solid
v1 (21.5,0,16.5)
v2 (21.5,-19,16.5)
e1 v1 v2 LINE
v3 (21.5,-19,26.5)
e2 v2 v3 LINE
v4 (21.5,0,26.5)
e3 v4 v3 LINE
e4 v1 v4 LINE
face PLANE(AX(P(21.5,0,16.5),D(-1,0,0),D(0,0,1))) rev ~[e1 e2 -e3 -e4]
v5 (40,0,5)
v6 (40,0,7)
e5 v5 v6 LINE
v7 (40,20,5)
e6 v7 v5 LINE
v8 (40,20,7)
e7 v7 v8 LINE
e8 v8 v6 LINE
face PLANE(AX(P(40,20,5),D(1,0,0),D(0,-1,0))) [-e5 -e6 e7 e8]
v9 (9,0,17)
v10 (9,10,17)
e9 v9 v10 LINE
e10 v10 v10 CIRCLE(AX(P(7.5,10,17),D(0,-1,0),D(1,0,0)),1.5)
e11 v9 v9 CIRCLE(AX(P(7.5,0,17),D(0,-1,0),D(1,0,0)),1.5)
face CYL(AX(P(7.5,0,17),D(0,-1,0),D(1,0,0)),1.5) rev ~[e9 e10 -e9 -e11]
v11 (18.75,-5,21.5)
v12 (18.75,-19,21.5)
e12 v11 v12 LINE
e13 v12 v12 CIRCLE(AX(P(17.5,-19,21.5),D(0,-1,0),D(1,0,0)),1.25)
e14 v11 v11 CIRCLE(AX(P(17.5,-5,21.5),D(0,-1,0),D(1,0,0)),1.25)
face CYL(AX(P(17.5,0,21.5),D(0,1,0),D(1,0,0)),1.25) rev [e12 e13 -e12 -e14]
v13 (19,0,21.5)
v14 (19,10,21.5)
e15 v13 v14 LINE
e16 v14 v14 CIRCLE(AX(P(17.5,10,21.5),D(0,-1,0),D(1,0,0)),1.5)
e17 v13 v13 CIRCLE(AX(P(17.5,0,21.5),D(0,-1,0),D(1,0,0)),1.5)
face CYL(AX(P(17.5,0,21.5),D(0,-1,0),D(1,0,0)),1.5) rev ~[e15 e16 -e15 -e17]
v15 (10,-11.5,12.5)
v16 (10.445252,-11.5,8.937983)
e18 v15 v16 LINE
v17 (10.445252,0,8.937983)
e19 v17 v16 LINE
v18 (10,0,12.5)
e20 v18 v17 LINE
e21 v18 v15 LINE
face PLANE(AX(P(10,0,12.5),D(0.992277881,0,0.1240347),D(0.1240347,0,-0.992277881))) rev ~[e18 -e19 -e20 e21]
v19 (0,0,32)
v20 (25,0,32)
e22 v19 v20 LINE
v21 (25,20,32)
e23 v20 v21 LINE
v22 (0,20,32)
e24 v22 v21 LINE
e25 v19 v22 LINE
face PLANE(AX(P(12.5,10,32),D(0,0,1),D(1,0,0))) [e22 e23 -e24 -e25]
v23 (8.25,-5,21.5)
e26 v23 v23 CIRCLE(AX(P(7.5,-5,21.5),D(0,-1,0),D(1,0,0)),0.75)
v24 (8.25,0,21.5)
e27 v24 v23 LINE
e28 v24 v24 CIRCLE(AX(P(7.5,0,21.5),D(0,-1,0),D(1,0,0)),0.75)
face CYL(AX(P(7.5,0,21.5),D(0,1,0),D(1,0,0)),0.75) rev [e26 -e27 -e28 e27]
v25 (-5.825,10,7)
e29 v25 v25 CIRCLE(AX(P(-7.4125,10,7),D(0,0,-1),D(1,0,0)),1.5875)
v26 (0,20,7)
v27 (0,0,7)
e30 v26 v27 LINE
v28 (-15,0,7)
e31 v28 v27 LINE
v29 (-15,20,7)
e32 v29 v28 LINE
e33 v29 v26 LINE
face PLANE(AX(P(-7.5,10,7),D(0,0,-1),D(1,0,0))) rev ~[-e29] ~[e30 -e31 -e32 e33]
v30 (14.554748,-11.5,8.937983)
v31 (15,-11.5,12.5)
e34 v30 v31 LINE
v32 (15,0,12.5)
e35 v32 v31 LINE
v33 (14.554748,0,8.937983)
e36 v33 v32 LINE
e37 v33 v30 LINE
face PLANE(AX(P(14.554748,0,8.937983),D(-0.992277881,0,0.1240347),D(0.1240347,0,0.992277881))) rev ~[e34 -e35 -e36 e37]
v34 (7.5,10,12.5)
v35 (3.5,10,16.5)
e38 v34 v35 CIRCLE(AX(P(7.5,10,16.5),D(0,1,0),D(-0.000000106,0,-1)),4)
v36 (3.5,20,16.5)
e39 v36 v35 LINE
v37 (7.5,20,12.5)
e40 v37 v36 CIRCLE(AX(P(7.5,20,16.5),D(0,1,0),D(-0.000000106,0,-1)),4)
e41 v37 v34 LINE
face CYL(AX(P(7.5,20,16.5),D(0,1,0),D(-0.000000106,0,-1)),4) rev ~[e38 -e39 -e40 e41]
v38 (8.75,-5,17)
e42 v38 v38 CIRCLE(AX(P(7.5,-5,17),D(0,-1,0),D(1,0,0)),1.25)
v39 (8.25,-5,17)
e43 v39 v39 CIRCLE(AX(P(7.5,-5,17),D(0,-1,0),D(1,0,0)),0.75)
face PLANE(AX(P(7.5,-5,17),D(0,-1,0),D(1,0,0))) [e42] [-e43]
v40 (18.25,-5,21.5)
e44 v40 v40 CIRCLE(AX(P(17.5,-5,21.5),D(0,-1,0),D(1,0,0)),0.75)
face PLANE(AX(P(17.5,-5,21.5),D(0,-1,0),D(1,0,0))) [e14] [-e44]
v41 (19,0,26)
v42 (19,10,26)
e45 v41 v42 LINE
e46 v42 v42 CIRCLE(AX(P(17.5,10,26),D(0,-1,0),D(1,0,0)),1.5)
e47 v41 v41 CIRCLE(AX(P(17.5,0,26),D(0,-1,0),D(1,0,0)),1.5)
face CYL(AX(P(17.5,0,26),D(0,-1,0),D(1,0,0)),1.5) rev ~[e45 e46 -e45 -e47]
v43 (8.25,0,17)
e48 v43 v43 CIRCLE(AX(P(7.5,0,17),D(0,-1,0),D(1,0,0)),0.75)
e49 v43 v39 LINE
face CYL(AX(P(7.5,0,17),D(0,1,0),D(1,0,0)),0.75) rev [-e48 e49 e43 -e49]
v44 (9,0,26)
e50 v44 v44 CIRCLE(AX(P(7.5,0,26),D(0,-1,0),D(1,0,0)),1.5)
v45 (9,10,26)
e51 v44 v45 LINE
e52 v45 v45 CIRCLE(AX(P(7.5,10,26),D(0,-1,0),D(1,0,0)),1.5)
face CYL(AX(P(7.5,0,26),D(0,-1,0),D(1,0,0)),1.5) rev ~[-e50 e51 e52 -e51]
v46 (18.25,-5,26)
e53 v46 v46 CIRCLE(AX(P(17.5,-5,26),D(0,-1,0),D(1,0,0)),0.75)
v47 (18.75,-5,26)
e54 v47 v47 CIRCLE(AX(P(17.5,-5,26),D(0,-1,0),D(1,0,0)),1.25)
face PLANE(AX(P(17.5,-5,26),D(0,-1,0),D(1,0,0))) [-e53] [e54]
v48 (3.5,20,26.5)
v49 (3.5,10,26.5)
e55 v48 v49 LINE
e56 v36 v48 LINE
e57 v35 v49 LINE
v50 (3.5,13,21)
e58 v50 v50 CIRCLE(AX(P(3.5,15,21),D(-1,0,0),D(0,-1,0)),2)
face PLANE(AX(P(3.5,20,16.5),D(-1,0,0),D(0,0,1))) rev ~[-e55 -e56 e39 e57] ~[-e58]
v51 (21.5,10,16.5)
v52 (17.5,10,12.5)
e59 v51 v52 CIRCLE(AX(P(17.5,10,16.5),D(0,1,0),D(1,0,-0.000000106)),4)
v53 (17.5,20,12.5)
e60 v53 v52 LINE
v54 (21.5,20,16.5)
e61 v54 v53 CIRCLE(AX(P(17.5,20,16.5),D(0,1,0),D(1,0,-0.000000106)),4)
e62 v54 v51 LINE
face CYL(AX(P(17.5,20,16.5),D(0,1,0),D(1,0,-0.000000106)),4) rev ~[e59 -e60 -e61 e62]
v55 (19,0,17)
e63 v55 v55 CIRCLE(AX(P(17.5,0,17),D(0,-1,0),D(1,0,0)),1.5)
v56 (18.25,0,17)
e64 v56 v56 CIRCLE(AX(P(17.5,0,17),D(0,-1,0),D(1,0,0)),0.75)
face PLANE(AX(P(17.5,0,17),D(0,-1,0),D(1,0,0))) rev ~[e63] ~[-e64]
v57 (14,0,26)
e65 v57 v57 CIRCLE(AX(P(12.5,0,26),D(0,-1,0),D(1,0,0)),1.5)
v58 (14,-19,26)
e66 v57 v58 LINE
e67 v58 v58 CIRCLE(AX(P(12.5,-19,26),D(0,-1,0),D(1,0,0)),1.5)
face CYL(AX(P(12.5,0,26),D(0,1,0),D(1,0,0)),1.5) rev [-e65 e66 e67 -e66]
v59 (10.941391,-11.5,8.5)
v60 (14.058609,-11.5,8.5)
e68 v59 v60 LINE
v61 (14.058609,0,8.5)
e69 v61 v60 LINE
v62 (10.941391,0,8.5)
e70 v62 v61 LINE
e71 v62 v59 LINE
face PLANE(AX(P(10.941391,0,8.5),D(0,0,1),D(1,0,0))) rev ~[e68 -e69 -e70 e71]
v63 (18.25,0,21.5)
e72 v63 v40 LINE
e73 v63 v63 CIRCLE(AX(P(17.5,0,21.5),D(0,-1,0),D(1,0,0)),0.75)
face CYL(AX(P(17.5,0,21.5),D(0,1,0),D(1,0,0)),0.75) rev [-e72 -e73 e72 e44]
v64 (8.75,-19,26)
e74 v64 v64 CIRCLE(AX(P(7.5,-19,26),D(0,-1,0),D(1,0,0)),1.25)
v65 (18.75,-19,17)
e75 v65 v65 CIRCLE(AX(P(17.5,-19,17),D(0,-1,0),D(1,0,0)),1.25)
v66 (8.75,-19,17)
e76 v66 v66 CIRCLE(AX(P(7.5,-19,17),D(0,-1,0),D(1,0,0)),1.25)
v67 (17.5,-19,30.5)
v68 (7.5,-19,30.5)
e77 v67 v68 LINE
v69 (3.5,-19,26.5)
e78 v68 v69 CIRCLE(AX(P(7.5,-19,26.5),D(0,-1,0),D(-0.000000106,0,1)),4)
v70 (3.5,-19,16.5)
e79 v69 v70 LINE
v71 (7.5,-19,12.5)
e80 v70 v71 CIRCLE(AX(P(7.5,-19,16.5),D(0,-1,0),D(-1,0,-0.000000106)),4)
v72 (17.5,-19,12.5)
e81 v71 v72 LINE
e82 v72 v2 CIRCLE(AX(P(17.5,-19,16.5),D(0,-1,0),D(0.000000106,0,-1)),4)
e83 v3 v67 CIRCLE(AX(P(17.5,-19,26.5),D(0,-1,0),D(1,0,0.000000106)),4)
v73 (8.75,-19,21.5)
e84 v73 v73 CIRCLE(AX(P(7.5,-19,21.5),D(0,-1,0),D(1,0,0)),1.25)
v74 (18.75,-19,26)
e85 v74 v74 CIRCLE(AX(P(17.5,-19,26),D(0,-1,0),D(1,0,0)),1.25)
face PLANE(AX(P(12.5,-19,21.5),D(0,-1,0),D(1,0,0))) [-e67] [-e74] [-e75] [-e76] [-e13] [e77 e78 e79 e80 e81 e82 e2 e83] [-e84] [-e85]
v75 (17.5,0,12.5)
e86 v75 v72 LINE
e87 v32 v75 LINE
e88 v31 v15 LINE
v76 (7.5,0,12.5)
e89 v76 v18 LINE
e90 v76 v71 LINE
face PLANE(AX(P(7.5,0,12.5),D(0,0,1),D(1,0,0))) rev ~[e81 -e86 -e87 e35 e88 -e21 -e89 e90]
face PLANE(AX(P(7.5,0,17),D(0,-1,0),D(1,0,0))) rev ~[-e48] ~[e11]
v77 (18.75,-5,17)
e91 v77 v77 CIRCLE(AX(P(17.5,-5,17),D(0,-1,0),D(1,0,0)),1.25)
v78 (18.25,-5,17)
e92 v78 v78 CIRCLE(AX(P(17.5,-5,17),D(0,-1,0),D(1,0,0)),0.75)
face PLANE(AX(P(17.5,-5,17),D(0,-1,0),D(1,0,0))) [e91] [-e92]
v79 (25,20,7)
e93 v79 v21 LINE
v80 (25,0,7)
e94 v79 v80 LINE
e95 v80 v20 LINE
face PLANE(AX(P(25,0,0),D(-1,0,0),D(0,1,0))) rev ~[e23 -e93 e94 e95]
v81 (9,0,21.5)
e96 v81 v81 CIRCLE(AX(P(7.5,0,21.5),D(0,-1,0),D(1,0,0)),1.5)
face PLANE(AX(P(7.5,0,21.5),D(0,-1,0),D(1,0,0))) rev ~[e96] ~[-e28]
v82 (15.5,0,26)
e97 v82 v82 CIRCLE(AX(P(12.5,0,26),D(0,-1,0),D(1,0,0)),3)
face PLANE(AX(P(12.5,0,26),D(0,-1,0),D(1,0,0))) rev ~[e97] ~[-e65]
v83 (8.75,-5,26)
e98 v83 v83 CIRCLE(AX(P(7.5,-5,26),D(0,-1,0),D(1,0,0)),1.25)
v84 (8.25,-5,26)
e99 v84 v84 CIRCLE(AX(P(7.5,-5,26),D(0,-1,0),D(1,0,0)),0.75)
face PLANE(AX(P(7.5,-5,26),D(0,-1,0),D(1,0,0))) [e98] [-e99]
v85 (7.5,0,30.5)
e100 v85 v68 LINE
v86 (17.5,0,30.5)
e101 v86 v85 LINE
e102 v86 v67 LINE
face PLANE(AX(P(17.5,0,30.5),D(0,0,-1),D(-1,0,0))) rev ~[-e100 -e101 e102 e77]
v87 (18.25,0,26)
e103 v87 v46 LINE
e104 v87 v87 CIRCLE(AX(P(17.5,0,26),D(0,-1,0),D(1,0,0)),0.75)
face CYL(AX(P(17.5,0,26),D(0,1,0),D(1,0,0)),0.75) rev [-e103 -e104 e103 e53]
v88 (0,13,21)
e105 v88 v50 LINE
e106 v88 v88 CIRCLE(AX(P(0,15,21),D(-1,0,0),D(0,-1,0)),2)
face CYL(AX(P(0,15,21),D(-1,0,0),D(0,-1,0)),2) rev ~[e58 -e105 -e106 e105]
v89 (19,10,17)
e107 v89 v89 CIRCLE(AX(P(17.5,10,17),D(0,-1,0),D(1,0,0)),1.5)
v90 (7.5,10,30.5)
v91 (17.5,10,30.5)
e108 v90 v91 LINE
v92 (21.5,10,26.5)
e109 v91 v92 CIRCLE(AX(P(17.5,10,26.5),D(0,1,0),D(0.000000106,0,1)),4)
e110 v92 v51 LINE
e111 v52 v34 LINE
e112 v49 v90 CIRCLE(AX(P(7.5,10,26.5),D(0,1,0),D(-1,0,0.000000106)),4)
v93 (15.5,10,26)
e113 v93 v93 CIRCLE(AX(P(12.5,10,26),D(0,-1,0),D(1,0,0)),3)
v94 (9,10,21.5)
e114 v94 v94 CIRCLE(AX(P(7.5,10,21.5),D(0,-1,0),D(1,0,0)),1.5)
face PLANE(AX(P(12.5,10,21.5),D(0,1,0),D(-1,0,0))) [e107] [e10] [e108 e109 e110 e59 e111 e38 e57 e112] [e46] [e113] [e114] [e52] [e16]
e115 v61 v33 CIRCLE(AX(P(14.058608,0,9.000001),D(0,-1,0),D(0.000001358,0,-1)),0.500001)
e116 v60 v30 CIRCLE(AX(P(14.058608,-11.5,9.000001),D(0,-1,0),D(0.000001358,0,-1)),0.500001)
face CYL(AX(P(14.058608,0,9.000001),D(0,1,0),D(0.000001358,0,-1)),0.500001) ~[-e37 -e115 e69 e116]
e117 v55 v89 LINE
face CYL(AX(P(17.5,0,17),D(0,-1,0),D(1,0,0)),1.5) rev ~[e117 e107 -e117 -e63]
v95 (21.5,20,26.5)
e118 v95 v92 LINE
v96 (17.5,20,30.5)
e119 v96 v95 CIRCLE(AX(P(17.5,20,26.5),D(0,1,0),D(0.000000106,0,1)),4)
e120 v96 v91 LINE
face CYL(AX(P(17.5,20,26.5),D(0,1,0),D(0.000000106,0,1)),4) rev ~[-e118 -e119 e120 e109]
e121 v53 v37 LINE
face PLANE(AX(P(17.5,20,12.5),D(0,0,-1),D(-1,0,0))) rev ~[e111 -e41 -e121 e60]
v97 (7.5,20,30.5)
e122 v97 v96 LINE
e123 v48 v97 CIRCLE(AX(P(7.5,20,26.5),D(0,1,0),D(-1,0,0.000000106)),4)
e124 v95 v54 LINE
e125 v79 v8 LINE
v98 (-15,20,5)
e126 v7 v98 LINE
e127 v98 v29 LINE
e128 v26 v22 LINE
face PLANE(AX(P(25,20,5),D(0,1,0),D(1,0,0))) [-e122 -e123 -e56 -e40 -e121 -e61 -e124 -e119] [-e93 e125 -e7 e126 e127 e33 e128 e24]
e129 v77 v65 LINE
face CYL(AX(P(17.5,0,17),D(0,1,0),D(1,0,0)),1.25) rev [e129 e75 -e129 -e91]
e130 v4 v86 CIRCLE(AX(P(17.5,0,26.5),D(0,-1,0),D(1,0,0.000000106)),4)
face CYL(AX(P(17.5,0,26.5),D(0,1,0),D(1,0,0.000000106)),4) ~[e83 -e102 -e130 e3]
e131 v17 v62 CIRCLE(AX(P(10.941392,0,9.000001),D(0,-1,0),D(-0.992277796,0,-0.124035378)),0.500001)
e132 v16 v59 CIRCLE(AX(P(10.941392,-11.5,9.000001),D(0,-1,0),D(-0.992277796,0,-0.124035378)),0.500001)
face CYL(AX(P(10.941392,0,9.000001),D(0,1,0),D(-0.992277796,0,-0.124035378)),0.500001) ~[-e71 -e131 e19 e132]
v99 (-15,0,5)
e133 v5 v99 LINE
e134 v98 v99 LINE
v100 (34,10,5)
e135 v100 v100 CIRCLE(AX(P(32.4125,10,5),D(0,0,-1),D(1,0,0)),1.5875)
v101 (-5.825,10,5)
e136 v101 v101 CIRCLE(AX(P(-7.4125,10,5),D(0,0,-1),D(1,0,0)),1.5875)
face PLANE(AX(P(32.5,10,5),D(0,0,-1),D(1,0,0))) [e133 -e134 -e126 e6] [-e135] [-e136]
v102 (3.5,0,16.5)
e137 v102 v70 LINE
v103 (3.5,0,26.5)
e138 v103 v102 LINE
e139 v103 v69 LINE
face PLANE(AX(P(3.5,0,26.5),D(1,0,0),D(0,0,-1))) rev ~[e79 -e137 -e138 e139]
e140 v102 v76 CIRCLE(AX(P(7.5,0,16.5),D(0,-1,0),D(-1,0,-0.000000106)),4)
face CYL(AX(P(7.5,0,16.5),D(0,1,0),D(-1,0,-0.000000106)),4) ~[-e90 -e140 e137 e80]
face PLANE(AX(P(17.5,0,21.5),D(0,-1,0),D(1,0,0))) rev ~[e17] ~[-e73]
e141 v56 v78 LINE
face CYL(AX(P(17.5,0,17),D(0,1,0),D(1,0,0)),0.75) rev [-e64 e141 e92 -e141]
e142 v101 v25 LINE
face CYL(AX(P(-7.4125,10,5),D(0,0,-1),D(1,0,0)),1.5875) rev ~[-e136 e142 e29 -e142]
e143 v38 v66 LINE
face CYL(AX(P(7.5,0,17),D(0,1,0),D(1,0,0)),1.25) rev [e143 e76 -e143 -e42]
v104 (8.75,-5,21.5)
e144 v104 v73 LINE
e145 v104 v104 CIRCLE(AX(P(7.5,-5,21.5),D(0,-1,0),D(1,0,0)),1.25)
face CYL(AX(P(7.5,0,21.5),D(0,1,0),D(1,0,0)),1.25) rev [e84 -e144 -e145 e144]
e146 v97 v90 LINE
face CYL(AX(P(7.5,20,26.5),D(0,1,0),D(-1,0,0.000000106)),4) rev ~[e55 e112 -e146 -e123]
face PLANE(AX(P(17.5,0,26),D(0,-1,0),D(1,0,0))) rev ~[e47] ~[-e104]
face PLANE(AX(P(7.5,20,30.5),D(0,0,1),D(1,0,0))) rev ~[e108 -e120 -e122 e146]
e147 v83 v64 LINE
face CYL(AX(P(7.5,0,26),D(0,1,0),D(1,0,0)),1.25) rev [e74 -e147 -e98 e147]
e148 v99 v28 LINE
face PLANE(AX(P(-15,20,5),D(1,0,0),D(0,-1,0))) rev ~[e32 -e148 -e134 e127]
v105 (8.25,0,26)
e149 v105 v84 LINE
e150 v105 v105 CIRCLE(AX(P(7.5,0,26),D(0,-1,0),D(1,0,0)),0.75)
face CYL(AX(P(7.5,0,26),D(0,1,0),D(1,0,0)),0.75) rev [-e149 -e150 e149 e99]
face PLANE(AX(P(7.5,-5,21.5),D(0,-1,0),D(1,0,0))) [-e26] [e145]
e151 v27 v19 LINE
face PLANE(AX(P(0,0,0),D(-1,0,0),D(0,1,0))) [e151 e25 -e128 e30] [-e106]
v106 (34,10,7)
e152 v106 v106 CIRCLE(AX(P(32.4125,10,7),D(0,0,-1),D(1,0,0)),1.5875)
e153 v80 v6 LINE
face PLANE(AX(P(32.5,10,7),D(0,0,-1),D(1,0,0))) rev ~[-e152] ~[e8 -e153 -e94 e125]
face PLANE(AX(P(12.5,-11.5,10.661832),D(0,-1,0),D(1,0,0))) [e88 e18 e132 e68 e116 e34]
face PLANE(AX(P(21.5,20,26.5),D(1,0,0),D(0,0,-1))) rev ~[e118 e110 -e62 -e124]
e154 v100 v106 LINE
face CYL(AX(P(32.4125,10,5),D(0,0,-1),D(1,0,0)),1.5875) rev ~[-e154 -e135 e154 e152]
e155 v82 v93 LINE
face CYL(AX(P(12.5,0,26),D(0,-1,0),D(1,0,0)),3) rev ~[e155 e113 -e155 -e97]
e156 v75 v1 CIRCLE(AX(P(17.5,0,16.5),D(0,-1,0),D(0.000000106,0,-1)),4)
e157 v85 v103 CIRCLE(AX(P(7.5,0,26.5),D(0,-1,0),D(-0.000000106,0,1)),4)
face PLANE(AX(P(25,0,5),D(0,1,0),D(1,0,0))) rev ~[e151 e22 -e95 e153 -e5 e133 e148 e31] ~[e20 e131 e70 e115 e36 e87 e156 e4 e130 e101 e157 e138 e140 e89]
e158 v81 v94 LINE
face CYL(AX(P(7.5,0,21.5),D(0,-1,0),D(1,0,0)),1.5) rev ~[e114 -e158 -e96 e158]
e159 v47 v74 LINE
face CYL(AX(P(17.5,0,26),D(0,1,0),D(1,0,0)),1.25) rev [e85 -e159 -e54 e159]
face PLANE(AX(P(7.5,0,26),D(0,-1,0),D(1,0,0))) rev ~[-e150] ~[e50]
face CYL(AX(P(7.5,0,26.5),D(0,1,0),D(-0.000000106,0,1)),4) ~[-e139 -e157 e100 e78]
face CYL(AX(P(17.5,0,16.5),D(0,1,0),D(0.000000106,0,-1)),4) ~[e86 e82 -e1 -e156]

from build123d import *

# Parameters (mm, degrees)
F0_W      = 25
F0_H      = 20
F1_DEPTH  = 32
F2_R      = 1.25
F2_R_2    = 1.5
F3_DEPTH  = 19
F5_DEPTH  = 10
F7_DEPTH  = 11.5
F8_R      = 3
F8_R_2    = 1.5
F9_DEPTH  = 20.001
F10_R     = 1.25
F10_R_2   = 0.75
F11_DEPTH = 5
F12_R     = 2
F13_DEPTH = 3.5
F14_W     = 20
F14_H     = 5
F15_DEPTH = 25
F16_W     = 15
F16_H     = 20
F16_R     = 1.5875
F17_DEPTH = 2


with BuildPart() as f1:
    # F0 (on Top) → F1 (new body)
    with BuildSketch(Plane.XY):
        with Locations((12.5, 10)):
            Rectangle(F0_W, F0_H)
    extrude(amount=F1_DEPTH)

    # F2 (on face) → F3 (join)
    with BuildSketch(Plane.XZ):
        with BuildLine():
            Line((17.5, 30.5), (7.5, 30.5))
            ThreePointArc((7.5, 30.5), (4.671573, 29.328427), (3.5, 26.5))
            Line((3.5, 26.5), (3.5, 16.5))
            ThreePointArc((3.5, 16.5), (4.671573, 13.671573), (7.5, 12.5))
            Line((7.5, 12.5), (17.5, 12.5))
            ThreePointArc((17.5, 12.5), (20.328427, 13.671573), (21.5, 16.5))
            Line((21.5, 16.5), (21.5, 26.5))
            ThreePointArc((21.5, 26.5), (20.328427, 29.328427), (17.5, 30.5))
        make_face()
        with Locations((7.5, 17)):
            Circle(F2_R, mode=Mode.SUBTRACT)
        with Locations((17.5, 17)):
            Circle(F2_R, mode=Mode.SUBTRACT)
        with Locations((7.5, 21.5)):
            Circle(F2_R, mode=Mode.SUBTRACT)
        with Locations((7.5, 26)):
            Circle(F2_R, mode=Mode.SUBTRACT)
        with Locations((12.5, 26)):
            Circle(F2_R_2, mode=Mode.SUBTRACT)
        with Locations((17.5, 21.5)):
            Circle(F2_R, mode=Mode.SUBTRACT)
        with Locations((17.5, 26)):
            Circle(F2_R, mode=Mode.SUBTRACT)
    extrude(amount=F3_DEPTH)

    # F4 (on face) → F5 (cut)
    with BuildSketch(Plane(origin=(0, 20, 0), x_dir=(-1, 0, 0), z_dir=(0, 1, 0))):
        with BuildLine():
            Line((-7.5, 30.5), (-17.5, 30.5))
            ThreePointArc((-17.5, 30.5), (-20.328427, 29.328427), (-21.5, 26.5))
            Line((-21.5, 26.5), (-21.5, 16.5))
            ThreePointArc((-21.5, 16.5), (-20.328427, 13.671573), (-17.5, 12.5))
            Line((-17.5, 12.5), (-7.5, 12.5))
            ThreePointArc((-7.5, 12.5), (-4.671573, 13.671573), (-3.5, 16.5))
            Line((-3.5, 16.5), (-3.5, 26.5))
            ThreePointArc((-3.5, 26.5), (-4.671573, 29.328427), (-7.5, 30.5))
        make_face()
    extrude(amount=-F5_DEPTH, mode=Mode.SUBTRACT)

    # F6 (on face) → F7 (join)
    with BuildSketch(Plane.XZ):
        with BuildLine():
            Line((15, 12.5), (10, 12.5))
            Line((10, 12.5), (10.445252, 8.937983))
            ThreePointArc((10.445252, 8.937983), (10.61049, 8.625161), (10.941391, 8.5))
            Line((10.941391, 8.5), (14.058609, 8.5))
            ThreePointArc((14.058609, 8.5), (14.38951, 8.625161), (14.554748, 8.937983))
            Line((14.554748, 8.937983), (15, 12.5))
        make_face()
    extrude(amount=F7_DEPTH)

    # F8 (on face) → F9 (cut, through all)
    with BuildSketch(Plane.XZ):
        with Locations((12.5, 26)):
            Circle(F8_R)
        with Locations((7.5, 26)):
            Circle(F8_R_2)
        with Locations((7.5, 21.5)):
            Circle(F8_R_2)
        with Locations((7.5, 17)):
            Circle(F8_R_2)
        with Locations((17.5, 26)):
            Circle(F8_R_2)
        with Locations((17.5, 21.5)):
            Circle(F8_R_2)
        with Locations((17.5, 17)):
            Circle(F8_R_2)
    extrude(amount=-F9_DEPTH, mode=Mode.SUBTRACT)

    # F10 (on face) → F11 (join)
    with BuildSketch(Plane.XZ):
        with Locations((7.5, 26)):
            Circle(F10_R)
        with Locations((7.5, 26)):
            Circle(F10_R_2, mode=Mode.SUBTRACT)
        with Locations((7.5, 21.5)):
            Circle(F10_R)
        with Locations((7.5, 21.5)):
            Circle(F10_R_2, mode=Mode.SUBTRACT)
        with Locations((7.5, 17)):
            Circle(F10_R)
        with Locations((7.5, 17)):
            Circle(F10_R_2, mode=Mode.SUBTRACT)
        with Locations((17.5, 26)):
            Circle(F10_R)
        with Locations((17.5, 26)):
            Circle(F10_R_2, mode=Mode.SUBTRACT)
        with Locations((17.5, 21.5)):
            Circle(F10_R)
        with Locations((17.5, 21.5)):
            Circle(F10_R_2, mode=Mode.SUBTRACT)
        with Locations((17.5, 17)):
            Circle(F10_R)
        with Locations((17.5, 17)):
            Circle(F10_R_2, mode=Mode.SUBTRACT)
    extrude(amount=F11_DEPTH)

    # F12 (on face) → F13 (cut, through all)
    with BuildSketch(Plane(origin=(0, 0, 0), x_dir=(0, -1, 0), z_dir=(-1, 0, 0))):
        with Locations((-15, 21)):
            Circle(F12_R)
    extrude(amount=-F13_DEPTH, mode=Mode.SUBTRACT)

    # F14 (on face) → F15 (cut)
    with BuildSketch(Plane(origin=(0, 0, 0), x_dir=(0, -1, 0), z_dir=(-1, 0, 0))):
        with Locations((-10, 2.5)):
            Rectangle(F14_W, F14_H)
    extrude(amount=-F15_DEPTH, mode=Mode.SUBTRACT)

    # F16 (on face) → F17 (join)
    with BuildSketch(Plane(origin=(0, 0, 5), x_dir=(1, 0, 0), z_dir=(0, 0, -1))):
        with Locations((32.5, -10)):
            Rectangle(F16_W, F16_H)
        with Locations((32.4125, -10)):
            Circle(F16_R, mode=Mode.SUBTRACT)
        with Locations((-7.5, -10)):
            Rectangle(F16_W, F16_H)
        with Locations((-7.4125, -10)):
            Circle(F16_R, mode=Mode.SUBTRACT)
    extrude(amount=-F17_DEPTH)


solid = f1.part
